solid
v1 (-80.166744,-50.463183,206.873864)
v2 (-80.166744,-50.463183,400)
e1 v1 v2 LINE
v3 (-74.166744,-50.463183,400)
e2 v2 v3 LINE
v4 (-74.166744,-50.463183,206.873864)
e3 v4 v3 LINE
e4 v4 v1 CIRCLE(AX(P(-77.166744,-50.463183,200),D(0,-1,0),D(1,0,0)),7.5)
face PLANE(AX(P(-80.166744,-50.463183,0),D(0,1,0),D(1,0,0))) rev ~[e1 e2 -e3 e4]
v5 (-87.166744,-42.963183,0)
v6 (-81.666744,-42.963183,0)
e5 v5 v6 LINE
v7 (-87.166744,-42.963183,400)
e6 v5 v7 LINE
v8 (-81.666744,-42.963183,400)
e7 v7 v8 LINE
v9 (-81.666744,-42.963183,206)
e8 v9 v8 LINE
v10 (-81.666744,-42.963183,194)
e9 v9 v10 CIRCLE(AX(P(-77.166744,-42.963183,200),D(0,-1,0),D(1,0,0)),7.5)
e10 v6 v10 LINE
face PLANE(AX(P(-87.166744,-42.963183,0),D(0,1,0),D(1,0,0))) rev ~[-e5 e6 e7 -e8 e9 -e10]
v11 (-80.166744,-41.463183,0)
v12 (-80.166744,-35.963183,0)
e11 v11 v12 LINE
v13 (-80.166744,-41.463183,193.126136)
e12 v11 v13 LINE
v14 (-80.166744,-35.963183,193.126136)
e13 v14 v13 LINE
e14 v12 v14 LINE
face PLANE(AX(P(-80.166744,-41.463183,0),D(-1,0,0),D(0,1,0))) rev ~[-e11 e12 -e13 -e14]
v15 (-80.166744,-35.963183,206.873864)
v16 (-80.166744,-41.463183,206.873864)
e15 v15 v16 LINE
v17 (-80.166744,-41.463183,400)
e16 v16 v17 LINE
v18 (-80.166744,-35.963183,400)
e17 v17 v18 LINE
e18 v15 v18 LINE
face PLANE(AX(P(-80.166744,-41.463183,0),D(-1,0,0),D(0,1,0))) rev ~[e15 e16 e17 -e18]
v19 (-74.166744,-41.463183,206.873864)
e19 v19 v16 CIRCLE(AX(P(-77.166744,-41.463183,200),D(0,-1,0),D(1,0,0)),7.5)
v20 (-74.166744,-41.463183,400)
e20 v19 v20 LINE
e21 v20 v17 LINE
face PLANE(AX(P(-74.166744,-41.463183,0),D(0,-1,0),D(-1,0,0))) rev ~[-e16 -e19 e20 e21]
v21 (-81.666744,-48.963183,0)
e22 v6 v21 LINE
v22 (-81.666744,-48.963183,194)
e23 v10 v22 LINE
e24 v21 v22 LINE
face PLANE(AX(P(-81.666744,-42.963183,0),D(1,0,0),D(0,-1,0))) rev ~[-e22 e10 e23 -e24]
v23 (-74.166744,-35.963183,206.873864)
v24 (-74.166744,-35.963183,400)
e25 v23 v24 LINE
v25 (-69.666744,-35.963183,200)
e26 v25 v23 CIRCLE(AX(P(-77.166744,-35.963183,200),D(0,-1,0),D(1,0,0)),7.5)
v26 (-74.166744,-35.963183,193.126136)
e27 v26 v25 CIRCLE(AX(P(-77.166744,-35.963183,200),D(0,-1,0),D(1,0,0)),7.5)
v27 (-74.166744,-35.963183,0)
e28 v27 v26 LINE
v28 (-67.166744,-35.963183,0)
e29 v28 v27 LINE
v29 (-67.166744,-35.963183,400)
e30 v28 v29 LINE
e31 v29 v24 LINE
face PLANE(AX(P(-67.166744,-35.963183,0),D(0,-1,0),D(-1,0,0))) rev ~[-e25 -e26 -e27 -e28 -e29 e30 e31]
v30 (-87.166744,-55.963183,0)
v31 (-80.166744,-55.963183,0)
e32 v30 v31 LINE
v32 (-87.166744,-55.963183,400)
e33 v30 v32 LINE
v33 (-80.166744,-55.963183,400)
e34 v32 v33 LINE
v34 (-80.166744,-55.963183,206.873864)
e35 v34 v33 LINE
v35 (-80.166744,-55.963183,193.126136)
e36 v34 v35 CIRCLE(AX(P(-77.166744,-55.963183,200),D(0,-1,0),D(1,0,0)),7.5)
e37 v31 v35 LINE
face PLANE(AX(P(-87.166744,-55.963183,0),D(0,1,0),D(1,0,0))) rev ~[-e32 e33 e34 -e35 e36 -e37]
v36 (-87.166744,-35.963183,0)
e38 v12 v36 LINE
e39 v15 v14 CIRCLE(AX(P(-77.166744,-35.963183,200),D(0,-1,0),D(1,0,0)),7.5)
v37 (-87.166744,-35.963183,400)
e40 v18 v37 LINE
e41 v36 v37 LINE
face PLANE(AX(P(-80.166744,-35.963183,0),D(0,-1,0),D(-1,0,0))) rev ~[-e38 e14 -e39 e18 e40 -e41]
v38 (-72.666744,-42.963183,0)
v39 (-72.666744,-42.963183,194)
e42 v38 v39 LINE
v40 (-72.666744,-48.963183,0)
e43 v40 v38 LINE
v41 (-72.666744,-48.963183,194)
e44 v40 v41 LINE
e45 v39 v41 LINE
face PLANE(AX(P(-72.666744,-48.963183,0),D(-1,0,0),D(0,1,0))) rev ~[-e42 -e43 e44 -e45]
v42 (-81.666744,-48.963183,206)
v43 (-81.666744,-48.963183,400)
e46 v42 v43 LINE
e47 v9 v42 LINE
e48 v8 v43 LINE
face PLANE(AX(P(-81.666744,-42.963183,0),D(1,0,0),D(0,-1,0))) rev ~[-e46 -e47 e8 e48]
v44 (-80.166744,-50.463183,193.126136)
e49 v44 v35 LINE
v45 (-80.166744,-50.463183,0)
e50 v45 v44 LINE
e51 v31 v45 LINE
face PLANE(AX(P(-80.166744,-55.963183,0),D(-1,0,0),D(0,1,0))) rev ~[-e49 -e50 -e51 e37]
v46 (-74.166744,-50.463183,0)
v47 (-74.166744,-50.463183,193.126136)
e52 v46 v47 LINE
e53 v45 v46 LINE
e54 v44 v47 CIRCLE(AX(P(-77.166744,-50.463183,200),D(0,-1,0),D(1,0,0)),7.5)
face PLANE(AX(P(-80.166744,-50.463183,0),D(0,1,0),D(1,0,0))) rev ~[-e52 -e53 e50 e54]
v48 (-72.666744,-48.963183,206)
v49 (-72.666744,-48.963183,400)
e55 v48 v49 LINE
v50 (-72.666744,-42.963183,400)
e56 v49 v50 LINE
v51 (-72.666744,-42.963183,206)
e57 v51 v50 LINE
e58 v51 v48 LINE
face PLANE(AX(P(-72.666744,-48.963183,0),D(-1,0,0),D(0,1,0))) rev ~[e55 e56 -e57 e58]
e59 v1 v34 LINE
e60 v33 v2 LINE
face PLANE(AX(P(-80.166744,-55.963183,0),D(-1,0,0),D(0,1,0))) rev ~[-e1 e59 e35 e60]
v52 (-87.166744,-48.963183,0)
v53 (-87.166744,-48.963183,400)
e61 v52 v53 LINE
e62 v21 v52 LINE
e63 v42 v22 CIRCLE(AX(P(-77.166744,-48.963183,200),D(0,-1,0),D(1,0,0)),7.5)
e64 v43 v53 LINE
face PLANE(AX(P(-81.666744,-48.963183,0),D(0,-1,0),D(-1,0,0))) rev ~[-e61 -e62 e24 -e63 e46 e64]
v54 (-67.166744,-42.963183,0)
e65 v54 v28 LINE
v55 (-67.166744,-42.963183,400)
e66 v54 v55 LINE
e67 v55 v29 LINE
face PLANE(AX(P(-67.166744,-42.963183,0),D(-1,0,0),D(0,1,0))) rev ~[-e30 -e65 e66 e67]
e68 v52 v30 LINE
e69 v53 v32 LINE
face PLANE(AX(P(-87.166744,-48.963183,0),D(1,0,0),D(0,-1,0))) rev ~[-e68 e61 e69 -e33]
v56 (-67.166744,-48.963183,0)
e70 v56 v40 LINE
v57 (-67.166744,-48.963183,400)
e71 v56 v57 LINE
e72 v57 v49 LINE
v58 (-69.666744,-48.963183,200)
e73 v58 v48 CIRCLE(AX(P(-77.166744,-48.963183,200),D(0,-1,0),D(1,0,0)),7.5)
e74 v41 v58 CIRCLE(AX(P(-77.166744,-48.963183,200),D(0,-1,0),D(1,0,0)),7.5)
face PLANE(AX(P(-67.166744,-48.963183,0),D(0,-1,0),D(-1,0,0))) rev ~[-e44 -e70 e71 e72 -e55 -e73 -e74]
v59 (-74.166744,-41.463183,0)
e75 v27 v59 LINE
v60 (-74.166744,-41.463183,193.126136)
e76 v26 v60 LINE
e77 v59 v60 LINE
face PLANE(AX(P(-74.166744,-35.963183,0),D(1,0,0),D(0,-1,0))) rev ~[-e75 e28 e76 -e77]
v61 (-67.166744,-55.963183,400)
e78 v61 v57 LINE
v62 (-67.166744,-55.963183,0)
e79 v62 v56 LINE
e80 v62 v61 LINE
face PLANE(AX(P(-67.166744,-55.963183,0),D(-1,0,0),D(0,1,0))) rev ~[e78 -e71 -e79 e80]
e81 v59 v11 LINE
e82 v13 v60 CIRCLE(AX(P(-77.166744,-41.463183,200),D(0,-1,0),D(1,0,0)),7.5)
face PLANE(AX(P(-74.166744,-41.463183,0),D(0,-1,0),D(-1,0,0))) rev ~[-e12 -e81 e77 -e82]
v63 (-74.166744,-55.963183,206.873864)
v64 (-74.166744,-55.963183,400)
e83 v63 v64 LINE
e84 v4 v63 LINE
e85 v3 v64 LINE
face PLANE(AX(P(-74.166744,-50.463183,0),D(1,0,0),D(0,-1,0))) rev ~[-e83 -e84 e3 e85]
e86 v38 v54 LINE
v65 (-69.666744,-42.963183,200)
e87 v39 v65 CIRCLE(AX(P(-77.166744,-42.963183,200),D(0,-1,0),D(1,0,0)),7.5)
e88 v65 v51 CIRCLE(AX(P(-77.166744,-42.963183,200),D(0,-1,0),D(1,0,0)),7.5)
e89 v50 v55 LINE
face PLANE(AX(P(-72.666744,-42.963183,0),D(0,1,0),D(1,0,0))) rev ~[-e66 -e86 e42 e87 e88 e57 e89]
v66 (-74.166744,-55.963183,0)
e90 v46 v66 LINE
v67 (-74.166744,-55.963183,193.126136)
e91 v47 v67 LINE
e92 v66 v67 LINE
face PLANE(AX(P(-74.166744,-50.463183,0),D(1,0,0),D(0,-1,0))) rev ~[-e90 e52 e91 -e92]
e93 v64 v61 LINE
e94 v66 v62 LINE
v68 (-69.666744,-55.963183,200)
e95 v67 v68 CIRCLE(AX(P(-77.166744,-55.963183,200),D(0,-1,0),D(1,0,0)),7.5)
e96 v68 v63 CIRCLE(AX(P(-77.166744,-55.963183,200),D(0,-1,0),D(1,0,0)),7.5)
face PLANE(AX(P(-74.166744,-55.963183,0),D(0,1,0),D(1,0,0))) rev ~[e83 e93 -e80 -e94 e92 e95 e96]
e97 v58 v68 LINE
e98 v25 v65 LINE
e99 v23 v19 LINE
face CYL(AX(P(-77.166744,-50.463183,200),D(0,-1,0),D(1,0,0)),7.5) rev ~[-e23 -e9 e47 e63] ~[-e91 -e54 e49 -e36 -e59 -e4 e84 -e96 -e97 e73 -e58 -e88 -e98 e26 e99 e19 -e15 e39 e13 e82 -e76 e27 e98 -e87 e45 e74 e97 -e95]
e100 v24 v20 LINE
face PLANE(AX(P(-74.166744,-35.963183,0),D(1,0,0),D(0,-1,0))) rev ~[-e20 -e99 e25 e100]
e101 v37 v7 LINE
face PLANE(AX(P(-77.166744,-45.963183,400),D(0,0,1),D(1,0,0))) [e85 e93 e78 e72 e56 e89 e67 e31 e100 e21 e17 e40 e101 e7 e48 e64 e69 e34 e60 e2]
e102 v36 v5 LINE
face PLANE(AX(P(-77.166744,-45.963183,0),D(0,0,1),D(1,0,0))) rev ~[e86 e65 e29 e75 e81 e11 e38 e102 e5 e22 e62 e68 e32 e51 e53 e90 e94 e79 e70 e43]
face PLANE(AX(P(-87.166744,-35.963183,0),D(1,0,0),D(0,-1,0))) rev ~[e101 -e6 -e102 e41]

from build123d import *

# Parameters (mm, degrees)
F1_DEPTH = 400
F2_R     = 7.5
F3_DEPTH = 25


with BuildPart() as f1:
    # F0 (on Top) → F1 (new body)
    with BuildSketch(Plane.XY):
        Polygon((-87.166744, -48.963183), (-87.166744, -55.963183), (-80.166744, -55.963183), (-80.166744, -50.463183), (-74.166744, -50.463183), (-74.166744, -55.963183), (-67.166744, -55.963183), (-67.166744, -48.963183), (-72.666744, -48.963183), (-72.666744, -42.963183), (-67.166744, -42.963183), (-67.166744, -35.963183), (-74.166744, -35.963183), (-74.166744, -41.463183), (-80.166744, -41.463183), (-80.166744, -35.963183), (-87.166744, -35.963183), (-87.166744, -42.963183), (-81.666744, -42.963183), (-81.666744, -48.963183), align=None)
    extrude(amount=F1_DEPTH)

    # F2 (on face) → F3 (cut, symmetric)
    with BuildSketch(Plane.XZ.offset(50.463183)):
        with Locations((-77.166744, 200)):
            Circle(F2_R)
    extrude(amount=F3_DEPTH, both=True, mode=Mode.SUBTRACT)


solid = f1.part
